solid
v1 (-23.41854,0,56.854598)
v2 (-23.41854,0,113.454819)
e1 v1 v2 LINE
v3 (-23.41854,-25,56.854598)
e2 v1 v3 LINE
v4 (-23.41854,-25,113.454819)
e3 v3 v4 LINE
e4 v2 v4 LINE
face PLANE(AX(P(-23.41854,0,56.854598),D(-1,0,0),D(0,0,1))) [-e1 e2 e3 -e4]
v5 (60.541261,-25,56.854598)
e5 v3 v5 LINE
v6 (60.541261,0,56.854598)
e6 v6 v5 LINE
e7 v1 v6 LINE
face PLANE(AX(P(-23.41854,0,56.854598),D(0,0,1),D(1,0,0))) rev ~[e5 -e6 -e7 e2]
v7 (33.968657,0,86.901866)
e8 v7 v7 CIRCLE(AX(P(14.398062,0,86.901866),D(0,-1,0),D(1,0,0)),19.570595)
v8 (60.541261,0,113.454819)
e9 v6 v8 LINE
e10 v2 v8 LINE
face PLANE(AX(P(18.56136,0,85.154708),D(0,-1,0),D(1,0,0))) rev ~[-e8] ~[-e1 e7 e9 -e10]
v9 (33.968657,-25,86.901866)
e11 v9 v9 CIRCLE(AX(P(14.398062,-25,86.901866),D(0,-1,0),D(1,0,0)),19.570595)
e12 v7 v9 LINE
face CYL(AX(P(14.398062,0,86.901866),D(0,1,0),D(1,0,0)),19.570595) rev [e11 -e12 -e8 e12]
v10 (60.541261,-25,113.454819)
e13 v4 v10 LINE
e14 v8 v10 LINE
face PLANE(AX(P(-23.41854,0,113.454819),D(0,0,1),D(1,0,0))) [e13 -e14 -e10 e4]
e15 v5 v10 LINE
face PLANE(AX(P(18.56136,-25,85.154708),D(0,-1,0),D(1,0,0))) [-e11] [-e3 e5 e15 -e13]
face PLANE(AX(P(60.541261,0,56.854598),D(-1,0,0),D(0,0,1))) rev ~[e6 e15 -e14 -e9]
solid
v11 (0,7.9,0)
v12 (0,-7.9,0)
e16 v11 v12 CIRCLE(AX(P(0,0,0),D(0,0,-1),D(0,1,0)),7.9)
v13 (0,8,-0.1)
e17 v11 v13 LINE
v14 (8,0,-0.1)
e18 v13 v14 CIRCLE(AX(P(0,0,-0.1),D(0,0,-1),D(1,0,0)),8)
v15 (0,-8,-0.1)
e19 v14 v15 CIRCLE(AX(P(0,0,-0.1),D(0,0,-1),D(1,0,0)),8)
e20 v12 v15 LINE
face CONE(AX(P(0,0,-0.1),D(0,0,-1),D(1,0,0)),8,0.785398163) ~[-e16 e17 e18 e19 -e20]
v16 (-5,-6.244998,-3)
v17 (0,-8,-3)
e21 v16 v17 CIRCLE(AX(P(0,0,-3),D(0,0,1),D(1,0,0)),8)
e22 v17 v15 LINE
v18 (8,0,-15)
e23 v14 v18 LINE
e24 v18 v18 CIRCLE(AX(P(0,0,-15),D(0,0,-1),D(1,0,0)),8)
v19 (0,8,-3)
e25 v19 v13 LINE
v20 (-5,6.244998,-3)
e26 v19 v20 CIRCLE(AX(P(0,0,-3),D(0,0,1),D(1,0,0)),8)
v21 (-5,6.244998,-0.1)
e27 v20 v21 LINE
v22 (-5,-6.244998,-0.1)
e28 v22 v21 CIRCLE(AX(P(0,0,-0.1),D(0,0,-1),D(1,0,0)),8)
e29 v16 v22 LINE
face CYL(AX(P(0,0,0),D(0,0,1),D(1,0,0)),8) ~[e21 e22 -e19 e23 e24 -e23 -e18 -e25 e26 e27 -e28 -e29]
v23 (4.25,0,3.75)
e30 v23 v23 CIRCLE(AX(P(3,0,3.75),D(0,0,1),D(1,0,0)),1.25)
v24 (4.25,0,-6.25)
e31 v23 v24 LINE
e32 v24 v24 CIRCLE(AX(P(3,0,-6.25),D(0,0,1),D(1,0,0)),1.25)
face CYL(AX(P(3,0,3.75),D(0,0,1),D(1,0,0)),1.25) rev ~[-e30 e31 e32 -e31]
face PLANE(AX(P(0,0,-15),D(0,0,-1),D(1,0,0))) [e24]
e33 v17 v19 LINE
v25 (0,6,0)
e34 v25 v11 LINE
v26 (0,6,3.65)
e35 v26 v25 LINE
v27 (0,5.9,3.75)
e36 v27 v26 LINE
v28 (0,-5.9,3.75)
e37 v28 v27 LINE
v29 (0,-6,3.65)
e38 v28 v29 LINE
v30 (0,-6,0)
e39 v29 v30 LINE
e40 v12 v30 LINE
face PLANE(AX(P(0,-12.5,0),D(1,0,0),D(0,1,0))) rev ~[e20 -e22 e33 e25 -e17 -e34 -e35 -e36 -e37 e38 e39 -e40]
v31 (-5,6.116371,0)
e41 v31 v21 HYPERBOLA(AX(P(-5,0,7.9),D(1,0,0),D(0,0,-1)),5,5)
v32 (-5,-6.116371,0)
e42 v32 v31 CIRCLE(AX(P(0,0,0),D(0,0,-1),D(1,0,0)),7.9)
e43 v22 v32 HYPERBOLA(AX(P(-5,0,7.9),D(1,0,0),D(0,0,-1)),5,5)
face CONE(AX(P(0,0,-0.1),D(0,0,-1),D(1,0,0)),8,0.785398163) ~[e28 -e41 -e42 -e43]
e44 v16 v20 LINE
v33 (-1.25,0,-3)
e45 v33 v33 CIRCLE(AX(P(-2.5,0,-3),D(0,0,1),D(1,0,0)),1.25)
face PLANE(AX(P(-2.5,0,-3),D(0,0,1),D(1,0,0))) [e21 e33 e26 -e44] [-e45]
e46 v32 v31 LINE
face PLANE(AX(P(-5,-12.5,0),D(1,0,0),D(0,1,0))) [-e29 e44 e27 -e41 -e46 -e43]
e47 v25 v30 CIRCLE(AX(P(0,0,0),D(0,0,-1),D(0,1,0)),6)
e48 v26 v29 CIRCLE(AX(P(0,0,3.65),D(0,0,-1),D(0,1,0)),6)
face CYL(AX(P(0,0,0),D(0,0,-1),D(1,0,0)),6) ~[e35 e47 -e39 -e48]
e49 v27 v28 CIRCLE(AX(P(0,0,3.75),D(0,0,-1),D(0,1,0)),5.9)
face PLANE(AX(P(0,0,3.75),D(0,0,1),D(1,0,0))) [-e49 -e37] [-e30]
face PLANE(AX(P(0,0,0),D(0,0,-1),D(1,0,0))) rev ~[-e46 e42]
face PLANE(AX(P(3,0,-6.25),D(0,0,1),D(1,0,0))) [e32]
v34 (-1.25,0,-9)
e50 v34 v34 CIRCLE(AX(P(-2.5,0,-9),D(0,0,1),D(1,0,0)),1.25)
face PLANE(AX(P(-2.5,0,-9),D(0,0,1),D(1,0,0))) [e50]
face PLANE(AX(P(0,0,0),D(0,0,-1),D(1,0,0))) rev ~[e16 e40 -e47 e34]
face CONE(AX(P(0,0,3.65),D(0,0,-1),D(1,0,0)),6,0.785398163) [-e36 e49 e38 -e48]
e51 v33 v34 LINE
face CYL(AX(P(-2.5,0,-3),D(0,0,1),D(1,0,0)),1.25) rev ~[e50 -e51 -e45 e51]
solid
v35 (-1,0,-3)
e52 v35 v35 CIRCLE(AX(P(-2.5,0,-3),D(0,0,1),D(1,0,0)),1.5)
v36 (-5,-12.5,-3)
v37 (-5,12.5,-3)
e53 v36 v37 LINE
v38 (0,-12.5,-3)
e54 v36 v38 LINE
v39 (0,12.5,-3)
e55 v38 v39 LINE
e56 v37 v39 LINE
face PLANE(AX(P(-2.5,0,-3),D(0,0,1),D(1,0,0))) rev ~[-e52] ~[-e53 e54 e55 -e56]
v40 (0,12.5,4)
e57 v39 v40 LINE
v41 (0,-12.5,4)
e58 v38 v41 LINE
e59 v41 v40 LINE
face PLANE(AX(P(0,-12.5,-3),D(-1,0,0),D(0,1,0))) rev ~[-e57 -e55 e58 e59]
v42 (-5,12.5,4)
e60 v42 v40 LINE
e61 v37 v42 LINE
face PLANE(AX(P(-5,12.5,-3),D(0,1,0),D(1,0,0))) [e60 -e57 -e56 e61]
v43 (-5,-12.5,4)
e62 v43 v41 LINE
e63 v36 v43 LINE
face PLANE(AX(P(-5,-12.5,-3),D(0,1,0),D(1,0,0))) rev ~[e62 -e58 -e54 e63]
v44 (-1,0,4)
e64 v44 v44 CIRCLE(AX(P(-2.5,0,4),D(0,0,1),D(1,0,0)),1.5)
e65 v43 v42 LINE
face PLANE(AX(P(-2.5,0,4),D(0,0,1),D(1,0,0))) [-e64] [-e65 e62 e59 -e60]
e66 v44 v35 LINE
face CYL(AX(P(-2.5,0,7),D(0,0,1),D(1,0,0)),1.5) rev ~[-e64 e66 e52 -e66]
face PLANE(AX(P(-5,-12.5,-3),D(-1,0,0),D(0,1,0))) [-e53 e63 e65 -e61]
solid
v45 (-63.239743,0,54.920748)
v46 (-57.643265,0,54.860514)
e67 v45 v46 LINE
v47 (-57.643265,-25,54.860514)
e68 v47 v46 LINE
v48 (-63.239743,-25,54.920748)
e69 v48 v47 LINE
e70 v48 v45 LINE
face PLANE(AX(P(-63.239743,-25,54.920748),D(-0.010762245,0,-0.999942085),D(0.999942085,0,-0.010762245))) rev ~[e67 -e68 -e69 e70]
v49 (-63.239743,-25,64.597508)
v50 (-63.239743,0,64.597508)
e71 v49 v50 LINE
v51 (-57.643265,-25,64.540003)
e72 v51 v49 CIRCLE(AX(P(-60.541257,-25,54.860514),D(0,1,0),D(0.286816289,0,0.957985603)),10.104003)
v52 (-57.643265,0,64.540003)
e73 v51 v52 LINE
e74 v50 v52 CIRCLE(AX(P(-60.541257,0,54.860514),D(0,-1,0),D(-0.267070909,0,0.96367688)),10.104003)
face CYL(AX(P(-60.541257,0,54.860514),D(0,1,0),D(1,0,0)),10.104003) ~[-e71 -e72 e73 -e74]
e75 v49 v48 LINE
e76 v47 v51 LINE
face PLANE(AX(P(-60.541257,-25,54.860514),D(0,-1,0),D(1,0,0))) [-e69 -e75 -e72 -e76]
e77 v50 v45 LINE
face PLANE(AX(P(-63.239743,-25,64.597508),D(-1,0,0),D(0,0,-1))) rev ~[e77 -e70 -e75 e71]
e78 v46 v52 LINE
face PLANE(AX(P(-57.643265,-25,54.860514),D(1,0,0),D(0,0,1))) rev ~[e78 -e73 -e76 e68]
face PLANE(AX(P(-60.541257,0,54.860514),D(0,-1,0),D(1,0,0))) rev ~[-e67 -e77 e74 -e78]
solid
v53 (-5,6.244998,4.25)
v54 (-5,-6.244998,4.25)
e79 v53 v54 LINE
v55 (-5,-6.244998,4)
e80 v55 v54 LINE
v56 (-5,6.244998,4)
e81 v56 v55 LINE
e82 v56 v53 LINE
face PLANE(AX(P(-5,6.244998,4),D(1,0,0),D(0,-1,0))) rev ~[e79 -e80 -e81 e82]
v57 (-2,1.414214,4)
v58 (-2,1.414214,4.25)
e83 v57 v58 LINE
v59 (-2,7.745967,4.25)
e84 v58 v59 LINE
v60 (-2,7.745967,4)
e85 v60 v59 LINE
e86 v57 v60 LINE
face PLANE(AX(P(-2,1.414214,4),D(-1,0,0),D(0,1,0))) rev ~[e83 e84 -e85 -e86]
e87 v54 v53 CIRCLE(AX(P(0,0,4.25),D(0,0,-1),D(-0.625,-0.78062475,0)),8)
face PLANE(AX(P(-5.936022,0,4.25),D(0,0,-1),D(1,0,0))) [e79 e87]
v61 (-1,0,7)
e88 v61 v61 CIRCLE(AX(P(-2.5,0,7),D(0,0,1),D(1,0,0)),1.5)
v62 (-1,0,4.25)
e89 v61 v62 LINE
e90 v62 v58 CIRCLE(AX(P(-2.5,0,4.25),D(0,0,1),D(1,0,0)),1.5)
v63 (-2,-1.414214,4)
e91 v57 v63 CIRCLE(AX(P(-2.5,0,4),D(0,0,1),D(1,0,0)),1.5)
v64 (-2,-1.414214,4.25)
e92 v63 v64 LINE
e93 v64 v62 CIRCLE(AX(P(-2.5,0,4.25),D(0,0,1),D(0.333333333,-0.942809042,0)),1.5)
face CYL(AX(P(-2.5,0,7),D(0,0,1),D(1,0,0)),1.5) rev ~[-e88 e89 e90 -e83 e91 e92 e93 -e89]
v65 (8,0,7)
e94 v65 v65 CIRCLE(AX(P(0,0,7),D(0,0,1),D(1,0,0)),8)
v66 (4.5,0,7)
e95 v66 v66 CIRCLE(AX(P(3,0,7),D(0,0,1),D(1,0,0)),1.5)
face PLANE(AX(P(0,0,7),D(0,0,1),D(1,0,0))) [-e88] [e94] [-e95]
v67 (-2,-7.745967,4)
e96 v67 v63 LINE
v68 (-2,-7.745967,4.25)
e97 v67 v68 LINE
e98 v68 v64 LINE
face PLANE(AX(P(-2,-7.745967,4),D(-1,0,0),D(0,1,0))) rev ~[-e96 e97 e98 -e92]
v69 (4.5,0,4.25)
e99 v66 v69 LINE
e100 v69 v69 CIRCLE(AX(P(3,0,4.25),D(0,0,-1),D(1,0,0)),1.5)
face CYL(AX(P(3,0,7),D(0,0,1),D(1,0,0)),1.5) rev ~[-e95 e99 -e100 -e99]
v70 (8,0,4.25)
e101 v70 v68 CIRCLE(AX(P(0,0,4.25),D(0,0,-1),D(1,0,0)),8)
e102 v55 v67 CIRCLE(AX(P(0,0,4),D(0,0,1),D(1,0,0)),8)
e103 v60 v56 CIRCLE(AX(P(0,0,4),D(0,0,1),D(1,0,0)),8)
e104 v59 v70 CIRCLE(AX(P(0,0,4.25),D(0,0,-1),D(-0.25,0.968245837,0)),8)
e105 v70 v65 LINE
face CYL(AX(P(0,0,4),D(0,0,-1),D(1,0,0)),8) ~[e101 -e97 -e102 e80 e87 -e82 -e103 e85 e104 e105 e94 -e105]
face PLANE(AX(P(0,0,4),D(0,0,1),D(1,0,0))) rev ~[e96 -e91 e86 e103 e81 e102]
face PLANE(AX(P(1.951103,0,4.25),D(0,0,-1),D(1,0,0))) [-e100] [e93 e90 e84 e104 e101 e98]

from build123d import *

# Parameters (mm, degrees)
F0_R      = 6
F1_DEPTH  = 3.75
F2_R      = 8
F3_DEPTH  = 15
F4_SIZE   = 0.1
F6_DEPTH  = 3.75
F7_W      = 5
F7_H      = 25
F8_DEPTH  = 3
F9_W      = 5
F9_H      = 25
F10_DEPTH = 7
F11_R     = 8
F12_DEPTH = 3
F13_R     = 1.5
F14_DEPTH = 3
F15_R     = 1.5
F16_DEPTH = 10
F17_R     = 1.25
F18_DEPTH = 6
F19_R     = 1.25
F20_DEPTH = 10
F21_R     = 1.5
F22_DEPTH = 0.25
F23_R     = 10.1040032944
F24_DEPTH = 25
F25_W     = 83.9598011225
F25_H     = 56.6002205014
F25_R     = 19.5705951154
F26_DEPTH = 25
F28_DEPTH = 25


with BuildPart() as f1:
    # F0 (on Top) → F1 (new body)
    with BuildSketch(Plane.XY):
        Circle(F0_R)
    extrude(amount=F1_DEPTH)

    # F2 (on face) → F3 (join)
    with BuildSketch(Plane(origin=(0, 0, 0), x_dir=(1, 0, 0), z_dir=(0, 0, -1))):
        Circle(F2_R)
    extrude(amount=F3_DEPTH)

    # F4
    f4_edges = [f1.edges().sort_by_distance(p)[0] for p in [
        (-6, 0, 3.75),
        (-8, 0, 0),
    ]]
    chamfer(f4_edges, length=F4_SIZE)

    # F5 (on face) → F6 (cut, through all)
    with BuildSketch(Plane.XY.offset(3.75)):
        with BuildLine():
            Line((0, -6), (0, 6))
            ThreePointArc((0, 6), (-6, 0), (0, -6))
        make_face()
    extrude(amount=-F6_DEPTH, mode=Mode.SUBTRACT)

    # F7 (on face) → F8 (cut)
    with BuildSketch(Plane.XY):
        with Locations((-2.5, 0)):
            Rectangle(F7_W, F7_H)
    extrude(amount=-F8_DEPTH, mode=Mode.SUBTRACT)

    # F17 (on face) → F18 (cut)
    with BuildSketch(Plane.XY.offset(-3)):
        with Locations((-2.5, 0)):
            Circle(F17_R)
    extrude(amount=-F18_DEPTH, mode=Mode.SUBTRACT)

    # F19 (on face) → F20 (cut)
    with BuildSketch(Plane.XY.offset(3.75)):
        with Locations((3, 0)):
            Circle(F19_R)
    extrude(amount=-F20_DEPTH, mode=Mode.SUBTRACT)


with BuildPart() as f10:
    # F9 (on face) → F10 (new body)
    with BuildSketch(Plane.XY.offset(-3)):
        with Locations((-2.5, 0)):
            Rectangle(F9_W, F9_H)
    extrude(amount=F10_DEPTH)


with BuildPart() as f12:
    # F11 (on face) → F12 (new body)
    with BuildSketch(Plane.XY.offset(4)):
        Circle(F11_R)
    extrude(amount=F12_DEPTH)

    # F13 (on face) → F14 (cut, through all)
    with BuildSketch(Plane.XY.offset(7)):
        with Locations((3, 0)):
            Circle(F13_R)
    extrude(amount=-F14_DEPTH, mode=Mode.SUBTRACT)


with BuildPart() as f16_tool:
    # F15 (on face) → F16 (new body, through all)
    with BuildSketch(Plane.XY.offset(7)):
        with Locations((-2.5, 0)):
            Circle(F15_R)
    extrude(amount=-F16_DEPTH)


with BuildPart() as f10_1:
    add(f10.part)

    # F16: cut by f16_tool
    add(f16_tool.part, mode=Mode.SUBTRACT)


with BuildPart() as f12_1:
    add(f12.part)

    # F16: cut by f16_tool
    add(f16_tool.part, mode=Mode.SUBTRACT)

    # F21 (on face) → F22 (cut)
    with BuildSketch(Plane(origin=(0, 0, 4), x_dir=(1, 0, 0), z_dir=(0, 0, -1))):
        with BuildLine():
            Line((-2, -1.4142135624), (-2, -7.7459666924))
            ThreePointArc((-2, -7.7459666924), (4.8989794856, -6.3245553203), (8, 0))
            ThreePointArc((8, 0), (4.8989794856, 6.3245553203), (-2, 7.7459666924))
            Line((-2, 7.7459666924), (-2, 1.4142135624))
            ThreePointArc((-2, 1.4142135624), (-1.2752551286, 0.8660254038), (-1, 0))
            ThreePointArc((-1, 0), (-1.2752551286, -0.8660254038), (-2, -1.4142135624))
        make_face()
        with Locations((3, 0)):
            Circle(F21_R, mode=Mode.SUBTRACT)
        with BuildLine():
            ThreePointArc((-5, 6.2449979984), (-8, 0), (-5, -6.2449979984))
            Line((-5, -6.2449979984), (-5, 6.2449979984))
        make_face()
    extrude(amount=-F22_DEPTH, mode=Mode.SUBTRACT)


with BuildPart() as f24:
    # F23 (on Front) → F24 (new body)
    with BuildSketch(Plane.XZ):
        with Locations((-60.5412572622, 54.8605136573)):
            Circle(F23_R)
    extrude(amount=F24_DEPTH)

    # F27 (on face) → F28 (cut)
    with BuildSketch(Plane.XZ.offset(25)):
        with BuildLine():
            Line((-57.6432645321, 54.8605136573), (-57.6432645321, 64.5400033499))
            ThreePointArc((-57.6432645321, 64.5400033499), (-60.4374425407, 64.9639836096), (-63.2397426056, 64.5975080306))
            Line((-63.2397426056, 64.5975080306), (-63.2397426056, 54.920747813))
            Line((-63.2397426056, 54.920747813), (-57.6432645321, 54.8605136573))
        make_face()
    extrude(amount=-F28_DEPTH, mode=Mode.SUBTRACT)


with BuildPart() as f26:
    # F25 (on Front) → F26 (new body)
    with BuildSketch(Plane.XZ):
        with Locations((18.5613604262, 85.1547084749)):
            Rectangle(F25_W, F25_H)
        with Locations((14.3980616704, 86.9018658996)):
            Circle(F25_R, mode=Mode.SUBTRACT)
    extrude(amount=F26_DEPTH)


solid = Compound([f1.part, f10_1.part, f12_1.part, f24.part, f26.part])
